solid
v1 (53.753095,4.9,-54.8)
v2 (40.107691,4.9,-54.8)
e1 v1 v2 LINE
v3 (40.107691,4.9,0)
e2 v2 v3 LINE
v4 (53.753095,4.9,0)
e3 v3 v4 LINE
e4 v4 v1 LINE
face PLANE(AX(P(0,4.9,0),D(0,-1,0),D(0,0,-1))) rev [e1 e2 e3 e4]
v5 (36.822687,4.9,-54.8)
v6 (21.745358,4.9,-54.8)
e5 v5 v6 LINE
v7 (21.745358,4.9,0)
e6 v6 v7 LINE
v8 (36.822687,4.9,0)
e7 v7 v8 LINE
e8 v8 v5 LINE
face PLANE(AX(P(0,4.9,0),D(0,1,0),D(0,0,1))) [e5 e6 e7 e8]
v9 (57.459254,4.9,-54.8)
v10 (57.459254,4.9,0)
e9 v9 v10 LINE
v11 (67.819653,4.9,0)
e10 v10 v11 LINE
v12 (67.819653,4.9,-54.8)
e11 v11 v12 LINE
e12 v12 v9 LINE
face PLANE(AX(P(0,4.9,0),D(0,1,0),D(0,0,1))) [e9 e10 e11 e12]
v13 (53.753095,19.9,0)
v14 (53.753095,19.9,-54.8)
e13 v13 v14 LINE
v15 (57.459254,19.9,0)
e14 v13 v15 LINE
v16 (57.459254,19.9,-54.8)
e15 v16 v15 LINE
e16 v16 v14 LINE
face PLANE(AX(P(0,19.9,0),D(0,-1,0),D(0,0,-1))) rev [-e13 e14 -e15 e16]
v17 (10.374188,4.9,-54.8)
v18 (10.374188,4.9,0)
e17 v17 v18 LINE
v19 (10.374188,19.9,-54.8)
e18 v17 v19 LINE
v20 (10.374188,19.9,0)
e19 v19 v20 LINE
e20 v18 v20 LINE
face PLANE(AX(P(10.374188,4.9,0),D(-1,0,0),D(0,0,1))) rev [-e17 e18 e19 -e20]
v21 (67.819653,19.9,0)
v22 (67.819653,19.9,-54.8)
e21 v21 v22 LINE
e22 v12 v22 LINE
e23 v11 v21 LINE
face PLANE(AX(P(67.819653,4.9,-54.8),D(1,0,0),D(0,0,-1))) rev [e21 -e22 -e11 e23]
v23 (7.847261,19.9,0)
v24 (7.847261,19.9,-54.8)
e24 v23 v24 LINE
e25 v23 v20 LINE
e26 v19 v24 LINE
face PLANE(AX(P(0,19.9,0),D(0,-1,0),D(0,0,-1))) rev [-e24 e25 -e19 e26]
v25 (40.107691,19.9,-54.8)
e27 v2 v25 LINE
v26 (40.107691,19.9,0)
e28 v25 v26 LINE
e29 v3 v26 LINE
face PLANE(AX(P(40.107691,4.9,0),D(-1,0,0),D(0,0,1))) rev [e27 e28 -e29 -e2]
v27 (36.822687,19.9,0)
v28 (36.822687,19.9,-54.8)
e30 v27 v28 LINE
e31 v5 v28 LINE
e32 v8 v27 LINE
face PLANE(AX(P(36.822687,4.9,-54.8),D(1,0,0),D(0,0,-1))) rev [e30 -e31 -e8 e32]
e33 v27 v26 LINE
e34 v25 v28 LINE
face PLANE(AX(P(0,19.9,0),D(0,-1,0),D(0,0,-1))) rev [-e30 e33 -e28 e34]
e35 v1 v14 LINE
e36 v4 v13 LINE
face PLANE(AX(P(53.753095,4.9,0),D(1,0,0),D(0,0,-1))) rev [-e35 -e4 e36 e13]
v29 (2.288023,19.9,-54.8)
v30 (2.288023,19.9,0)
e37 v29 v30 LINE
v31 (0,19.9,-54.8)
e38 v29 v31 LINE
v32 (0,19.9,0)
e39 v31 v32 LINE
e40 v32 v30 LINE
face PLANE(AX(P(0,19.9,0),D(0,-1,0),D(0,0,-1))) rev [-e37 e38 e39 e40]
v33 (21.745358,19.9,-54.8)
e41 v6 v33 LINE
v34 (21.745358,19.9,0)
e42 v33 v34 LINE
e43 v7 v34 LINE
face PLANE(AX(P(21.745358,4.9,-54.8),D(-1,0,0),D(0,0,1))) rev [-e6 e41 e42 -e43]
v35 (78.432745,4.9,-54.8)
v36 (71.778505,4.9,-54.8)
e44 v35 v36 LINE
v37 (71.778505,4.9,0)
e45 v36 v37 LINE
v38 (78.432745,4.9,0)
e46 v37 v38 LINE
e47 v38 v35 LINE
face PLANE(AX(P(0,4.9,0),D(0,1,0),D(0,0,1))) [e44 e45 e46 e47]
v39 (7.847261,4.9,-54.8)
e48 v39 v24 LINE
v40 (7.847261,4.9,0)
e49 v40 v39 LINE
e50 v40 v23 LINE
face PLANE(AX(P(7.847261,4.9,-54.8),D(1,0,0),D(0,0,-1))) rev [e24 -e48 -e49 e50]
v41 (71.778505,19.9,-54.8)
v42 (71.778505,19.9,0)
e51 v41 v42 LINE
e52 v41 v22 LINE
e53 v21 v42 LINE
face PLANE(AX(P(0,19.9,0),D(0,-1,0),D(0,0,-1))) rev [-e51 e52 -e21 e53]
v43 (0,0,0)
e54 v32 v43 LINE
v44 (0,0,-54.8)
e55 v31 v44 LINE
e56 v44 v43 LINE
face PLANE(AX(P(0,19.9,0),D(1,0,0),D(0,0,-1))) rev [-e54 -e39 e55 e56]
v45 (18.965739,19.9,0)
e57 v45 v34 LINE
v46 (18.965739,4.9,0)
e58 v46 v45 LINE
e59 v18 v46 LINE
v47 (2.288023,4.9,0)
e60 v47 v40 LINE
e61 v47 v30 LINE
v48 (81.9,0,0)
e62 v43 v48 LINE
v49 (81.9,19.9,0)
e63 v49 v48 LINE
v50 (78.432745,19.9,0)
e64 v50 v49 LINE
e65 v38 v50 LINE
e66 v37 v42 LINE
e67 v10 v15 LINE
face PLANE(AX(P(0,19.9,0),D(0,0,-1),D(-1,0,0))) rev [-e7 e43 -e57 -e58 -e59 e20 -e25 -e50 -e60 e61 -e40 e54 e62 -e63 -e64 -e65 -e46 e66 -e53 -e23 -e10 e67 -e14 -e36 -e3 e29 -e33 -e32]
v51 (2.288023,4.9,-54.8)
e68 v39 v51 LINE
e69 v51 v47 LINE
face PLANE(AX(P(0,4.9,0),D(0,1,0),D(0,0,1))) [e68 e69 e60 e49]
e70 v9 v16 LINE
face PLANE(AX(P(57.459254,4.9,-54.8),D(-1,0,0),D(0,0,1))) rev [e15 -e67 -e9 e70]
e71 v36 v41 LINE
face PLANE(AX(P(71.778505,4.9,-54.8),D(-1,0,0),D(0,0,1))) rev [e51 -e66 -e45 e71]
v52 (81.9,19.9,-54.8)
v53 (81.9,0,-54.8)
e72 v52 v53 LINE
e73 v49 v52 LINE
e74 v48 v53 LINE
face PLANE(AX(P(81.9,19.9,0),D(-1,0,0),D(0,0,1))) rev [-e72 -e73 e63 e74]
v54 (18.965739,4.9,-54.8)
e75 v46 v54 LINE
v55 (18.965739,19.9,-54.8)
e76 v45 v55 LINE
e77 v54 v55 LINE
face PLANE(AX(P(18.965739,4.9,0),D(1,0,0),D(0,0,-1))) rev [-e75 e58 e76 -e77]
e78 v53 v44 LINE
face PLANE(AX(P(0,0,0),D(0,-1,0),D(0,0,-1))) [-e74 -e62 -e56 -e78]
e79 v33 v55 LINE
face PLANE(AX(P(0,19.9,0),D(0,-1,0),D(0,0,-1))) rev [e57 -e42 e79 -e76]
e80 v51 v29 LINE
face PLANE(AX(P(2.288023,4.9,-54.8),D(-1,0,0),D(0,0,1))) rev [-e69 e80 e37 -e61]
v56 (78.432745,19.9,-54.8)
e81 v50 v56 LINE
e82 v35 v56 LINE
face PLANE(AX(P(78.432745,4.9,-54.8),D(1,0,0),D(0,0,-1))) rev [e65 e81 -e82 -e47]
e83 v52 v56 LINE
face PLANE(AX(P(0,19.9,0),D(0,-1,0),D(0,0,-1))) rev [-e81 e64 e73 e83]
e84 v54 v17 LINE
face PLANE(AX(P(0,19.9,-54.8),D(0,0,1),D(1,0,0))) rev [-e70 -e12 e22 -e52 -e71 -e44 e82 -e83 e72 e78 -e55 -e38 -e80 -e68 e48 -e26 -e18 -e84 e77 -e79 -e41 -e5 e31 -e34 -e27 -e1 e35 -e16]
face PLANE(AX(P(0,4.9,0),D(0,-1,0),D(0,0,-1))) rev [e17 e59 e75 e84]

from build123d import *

# Parameters (mm, degrees)
SKETCH1_W           = 81.9
SKETCH1_H           = 54.8
BOSS_EXTRUDE1_DEPTH = 19.9
SKETCH3_W           = 8.59155047
SKETCH3_H           = 54.8
SKETCH3_W_2         = 15.077328766
SKETCH3_W_3         = 13.645403688
SKETCH3_W_4         = 10.360399097
SKETCH3_W_5         = 6.65424007
SKETCH3_W_6         = 5.559238539
CUT_EXTRUDE1_DEPTH  = 15


with BuildPart() as part:
    # Sketch1 → Boss-Extrude1 (new body)
    with BuildSketch(Plane(origin=(0, 0, 0), x_dir=(1, 0, 0), z_dir=(0, 1, 0))):
        with Locations((40.95, 27.4)):
            Rectangle(SKETCH1_W, SKETCH1_H)
    extrude(amount=BOSS_EXTRUDE1_DEPTH)

    # Sketch3 → Cut-Extrude1 (cut)
    with BuildSketch(Plane(origin=(0, 19.9, 0), x_dir=(1, 0, 0), z_dir=(0, 1, 0))):
        with Locations((14.669963268, 27.4)):
            Rectangle(SKETCH3_W, SKETCH3_H)
        with Locations((29.284022156, 27.4)):
            Rectangle(SKETCH3_W_2, SKETCH3_H)
        with Locations((46.930392974, 27.4)):
            Rectangle(SKETCH3_W_3, SKETCH3_H)
        with Locations((62.639453393, 27.4)):
            Rectangle(SKETCH3_W_4, SKETCH3_H)
        with Locations((75.105624663, 27.4)):
            Rectangle(SKETCH3_W_5, SKETCH3_H)
        with Locations((5.067642155, 27.4)):
            Rectangle(SKETCH3_W_6, SKETCH3_H)
    extrude(amount=-CUT_EXTRUDE1_DEPTH, mode=Mode.SUBTRACT)


solid = part.part
